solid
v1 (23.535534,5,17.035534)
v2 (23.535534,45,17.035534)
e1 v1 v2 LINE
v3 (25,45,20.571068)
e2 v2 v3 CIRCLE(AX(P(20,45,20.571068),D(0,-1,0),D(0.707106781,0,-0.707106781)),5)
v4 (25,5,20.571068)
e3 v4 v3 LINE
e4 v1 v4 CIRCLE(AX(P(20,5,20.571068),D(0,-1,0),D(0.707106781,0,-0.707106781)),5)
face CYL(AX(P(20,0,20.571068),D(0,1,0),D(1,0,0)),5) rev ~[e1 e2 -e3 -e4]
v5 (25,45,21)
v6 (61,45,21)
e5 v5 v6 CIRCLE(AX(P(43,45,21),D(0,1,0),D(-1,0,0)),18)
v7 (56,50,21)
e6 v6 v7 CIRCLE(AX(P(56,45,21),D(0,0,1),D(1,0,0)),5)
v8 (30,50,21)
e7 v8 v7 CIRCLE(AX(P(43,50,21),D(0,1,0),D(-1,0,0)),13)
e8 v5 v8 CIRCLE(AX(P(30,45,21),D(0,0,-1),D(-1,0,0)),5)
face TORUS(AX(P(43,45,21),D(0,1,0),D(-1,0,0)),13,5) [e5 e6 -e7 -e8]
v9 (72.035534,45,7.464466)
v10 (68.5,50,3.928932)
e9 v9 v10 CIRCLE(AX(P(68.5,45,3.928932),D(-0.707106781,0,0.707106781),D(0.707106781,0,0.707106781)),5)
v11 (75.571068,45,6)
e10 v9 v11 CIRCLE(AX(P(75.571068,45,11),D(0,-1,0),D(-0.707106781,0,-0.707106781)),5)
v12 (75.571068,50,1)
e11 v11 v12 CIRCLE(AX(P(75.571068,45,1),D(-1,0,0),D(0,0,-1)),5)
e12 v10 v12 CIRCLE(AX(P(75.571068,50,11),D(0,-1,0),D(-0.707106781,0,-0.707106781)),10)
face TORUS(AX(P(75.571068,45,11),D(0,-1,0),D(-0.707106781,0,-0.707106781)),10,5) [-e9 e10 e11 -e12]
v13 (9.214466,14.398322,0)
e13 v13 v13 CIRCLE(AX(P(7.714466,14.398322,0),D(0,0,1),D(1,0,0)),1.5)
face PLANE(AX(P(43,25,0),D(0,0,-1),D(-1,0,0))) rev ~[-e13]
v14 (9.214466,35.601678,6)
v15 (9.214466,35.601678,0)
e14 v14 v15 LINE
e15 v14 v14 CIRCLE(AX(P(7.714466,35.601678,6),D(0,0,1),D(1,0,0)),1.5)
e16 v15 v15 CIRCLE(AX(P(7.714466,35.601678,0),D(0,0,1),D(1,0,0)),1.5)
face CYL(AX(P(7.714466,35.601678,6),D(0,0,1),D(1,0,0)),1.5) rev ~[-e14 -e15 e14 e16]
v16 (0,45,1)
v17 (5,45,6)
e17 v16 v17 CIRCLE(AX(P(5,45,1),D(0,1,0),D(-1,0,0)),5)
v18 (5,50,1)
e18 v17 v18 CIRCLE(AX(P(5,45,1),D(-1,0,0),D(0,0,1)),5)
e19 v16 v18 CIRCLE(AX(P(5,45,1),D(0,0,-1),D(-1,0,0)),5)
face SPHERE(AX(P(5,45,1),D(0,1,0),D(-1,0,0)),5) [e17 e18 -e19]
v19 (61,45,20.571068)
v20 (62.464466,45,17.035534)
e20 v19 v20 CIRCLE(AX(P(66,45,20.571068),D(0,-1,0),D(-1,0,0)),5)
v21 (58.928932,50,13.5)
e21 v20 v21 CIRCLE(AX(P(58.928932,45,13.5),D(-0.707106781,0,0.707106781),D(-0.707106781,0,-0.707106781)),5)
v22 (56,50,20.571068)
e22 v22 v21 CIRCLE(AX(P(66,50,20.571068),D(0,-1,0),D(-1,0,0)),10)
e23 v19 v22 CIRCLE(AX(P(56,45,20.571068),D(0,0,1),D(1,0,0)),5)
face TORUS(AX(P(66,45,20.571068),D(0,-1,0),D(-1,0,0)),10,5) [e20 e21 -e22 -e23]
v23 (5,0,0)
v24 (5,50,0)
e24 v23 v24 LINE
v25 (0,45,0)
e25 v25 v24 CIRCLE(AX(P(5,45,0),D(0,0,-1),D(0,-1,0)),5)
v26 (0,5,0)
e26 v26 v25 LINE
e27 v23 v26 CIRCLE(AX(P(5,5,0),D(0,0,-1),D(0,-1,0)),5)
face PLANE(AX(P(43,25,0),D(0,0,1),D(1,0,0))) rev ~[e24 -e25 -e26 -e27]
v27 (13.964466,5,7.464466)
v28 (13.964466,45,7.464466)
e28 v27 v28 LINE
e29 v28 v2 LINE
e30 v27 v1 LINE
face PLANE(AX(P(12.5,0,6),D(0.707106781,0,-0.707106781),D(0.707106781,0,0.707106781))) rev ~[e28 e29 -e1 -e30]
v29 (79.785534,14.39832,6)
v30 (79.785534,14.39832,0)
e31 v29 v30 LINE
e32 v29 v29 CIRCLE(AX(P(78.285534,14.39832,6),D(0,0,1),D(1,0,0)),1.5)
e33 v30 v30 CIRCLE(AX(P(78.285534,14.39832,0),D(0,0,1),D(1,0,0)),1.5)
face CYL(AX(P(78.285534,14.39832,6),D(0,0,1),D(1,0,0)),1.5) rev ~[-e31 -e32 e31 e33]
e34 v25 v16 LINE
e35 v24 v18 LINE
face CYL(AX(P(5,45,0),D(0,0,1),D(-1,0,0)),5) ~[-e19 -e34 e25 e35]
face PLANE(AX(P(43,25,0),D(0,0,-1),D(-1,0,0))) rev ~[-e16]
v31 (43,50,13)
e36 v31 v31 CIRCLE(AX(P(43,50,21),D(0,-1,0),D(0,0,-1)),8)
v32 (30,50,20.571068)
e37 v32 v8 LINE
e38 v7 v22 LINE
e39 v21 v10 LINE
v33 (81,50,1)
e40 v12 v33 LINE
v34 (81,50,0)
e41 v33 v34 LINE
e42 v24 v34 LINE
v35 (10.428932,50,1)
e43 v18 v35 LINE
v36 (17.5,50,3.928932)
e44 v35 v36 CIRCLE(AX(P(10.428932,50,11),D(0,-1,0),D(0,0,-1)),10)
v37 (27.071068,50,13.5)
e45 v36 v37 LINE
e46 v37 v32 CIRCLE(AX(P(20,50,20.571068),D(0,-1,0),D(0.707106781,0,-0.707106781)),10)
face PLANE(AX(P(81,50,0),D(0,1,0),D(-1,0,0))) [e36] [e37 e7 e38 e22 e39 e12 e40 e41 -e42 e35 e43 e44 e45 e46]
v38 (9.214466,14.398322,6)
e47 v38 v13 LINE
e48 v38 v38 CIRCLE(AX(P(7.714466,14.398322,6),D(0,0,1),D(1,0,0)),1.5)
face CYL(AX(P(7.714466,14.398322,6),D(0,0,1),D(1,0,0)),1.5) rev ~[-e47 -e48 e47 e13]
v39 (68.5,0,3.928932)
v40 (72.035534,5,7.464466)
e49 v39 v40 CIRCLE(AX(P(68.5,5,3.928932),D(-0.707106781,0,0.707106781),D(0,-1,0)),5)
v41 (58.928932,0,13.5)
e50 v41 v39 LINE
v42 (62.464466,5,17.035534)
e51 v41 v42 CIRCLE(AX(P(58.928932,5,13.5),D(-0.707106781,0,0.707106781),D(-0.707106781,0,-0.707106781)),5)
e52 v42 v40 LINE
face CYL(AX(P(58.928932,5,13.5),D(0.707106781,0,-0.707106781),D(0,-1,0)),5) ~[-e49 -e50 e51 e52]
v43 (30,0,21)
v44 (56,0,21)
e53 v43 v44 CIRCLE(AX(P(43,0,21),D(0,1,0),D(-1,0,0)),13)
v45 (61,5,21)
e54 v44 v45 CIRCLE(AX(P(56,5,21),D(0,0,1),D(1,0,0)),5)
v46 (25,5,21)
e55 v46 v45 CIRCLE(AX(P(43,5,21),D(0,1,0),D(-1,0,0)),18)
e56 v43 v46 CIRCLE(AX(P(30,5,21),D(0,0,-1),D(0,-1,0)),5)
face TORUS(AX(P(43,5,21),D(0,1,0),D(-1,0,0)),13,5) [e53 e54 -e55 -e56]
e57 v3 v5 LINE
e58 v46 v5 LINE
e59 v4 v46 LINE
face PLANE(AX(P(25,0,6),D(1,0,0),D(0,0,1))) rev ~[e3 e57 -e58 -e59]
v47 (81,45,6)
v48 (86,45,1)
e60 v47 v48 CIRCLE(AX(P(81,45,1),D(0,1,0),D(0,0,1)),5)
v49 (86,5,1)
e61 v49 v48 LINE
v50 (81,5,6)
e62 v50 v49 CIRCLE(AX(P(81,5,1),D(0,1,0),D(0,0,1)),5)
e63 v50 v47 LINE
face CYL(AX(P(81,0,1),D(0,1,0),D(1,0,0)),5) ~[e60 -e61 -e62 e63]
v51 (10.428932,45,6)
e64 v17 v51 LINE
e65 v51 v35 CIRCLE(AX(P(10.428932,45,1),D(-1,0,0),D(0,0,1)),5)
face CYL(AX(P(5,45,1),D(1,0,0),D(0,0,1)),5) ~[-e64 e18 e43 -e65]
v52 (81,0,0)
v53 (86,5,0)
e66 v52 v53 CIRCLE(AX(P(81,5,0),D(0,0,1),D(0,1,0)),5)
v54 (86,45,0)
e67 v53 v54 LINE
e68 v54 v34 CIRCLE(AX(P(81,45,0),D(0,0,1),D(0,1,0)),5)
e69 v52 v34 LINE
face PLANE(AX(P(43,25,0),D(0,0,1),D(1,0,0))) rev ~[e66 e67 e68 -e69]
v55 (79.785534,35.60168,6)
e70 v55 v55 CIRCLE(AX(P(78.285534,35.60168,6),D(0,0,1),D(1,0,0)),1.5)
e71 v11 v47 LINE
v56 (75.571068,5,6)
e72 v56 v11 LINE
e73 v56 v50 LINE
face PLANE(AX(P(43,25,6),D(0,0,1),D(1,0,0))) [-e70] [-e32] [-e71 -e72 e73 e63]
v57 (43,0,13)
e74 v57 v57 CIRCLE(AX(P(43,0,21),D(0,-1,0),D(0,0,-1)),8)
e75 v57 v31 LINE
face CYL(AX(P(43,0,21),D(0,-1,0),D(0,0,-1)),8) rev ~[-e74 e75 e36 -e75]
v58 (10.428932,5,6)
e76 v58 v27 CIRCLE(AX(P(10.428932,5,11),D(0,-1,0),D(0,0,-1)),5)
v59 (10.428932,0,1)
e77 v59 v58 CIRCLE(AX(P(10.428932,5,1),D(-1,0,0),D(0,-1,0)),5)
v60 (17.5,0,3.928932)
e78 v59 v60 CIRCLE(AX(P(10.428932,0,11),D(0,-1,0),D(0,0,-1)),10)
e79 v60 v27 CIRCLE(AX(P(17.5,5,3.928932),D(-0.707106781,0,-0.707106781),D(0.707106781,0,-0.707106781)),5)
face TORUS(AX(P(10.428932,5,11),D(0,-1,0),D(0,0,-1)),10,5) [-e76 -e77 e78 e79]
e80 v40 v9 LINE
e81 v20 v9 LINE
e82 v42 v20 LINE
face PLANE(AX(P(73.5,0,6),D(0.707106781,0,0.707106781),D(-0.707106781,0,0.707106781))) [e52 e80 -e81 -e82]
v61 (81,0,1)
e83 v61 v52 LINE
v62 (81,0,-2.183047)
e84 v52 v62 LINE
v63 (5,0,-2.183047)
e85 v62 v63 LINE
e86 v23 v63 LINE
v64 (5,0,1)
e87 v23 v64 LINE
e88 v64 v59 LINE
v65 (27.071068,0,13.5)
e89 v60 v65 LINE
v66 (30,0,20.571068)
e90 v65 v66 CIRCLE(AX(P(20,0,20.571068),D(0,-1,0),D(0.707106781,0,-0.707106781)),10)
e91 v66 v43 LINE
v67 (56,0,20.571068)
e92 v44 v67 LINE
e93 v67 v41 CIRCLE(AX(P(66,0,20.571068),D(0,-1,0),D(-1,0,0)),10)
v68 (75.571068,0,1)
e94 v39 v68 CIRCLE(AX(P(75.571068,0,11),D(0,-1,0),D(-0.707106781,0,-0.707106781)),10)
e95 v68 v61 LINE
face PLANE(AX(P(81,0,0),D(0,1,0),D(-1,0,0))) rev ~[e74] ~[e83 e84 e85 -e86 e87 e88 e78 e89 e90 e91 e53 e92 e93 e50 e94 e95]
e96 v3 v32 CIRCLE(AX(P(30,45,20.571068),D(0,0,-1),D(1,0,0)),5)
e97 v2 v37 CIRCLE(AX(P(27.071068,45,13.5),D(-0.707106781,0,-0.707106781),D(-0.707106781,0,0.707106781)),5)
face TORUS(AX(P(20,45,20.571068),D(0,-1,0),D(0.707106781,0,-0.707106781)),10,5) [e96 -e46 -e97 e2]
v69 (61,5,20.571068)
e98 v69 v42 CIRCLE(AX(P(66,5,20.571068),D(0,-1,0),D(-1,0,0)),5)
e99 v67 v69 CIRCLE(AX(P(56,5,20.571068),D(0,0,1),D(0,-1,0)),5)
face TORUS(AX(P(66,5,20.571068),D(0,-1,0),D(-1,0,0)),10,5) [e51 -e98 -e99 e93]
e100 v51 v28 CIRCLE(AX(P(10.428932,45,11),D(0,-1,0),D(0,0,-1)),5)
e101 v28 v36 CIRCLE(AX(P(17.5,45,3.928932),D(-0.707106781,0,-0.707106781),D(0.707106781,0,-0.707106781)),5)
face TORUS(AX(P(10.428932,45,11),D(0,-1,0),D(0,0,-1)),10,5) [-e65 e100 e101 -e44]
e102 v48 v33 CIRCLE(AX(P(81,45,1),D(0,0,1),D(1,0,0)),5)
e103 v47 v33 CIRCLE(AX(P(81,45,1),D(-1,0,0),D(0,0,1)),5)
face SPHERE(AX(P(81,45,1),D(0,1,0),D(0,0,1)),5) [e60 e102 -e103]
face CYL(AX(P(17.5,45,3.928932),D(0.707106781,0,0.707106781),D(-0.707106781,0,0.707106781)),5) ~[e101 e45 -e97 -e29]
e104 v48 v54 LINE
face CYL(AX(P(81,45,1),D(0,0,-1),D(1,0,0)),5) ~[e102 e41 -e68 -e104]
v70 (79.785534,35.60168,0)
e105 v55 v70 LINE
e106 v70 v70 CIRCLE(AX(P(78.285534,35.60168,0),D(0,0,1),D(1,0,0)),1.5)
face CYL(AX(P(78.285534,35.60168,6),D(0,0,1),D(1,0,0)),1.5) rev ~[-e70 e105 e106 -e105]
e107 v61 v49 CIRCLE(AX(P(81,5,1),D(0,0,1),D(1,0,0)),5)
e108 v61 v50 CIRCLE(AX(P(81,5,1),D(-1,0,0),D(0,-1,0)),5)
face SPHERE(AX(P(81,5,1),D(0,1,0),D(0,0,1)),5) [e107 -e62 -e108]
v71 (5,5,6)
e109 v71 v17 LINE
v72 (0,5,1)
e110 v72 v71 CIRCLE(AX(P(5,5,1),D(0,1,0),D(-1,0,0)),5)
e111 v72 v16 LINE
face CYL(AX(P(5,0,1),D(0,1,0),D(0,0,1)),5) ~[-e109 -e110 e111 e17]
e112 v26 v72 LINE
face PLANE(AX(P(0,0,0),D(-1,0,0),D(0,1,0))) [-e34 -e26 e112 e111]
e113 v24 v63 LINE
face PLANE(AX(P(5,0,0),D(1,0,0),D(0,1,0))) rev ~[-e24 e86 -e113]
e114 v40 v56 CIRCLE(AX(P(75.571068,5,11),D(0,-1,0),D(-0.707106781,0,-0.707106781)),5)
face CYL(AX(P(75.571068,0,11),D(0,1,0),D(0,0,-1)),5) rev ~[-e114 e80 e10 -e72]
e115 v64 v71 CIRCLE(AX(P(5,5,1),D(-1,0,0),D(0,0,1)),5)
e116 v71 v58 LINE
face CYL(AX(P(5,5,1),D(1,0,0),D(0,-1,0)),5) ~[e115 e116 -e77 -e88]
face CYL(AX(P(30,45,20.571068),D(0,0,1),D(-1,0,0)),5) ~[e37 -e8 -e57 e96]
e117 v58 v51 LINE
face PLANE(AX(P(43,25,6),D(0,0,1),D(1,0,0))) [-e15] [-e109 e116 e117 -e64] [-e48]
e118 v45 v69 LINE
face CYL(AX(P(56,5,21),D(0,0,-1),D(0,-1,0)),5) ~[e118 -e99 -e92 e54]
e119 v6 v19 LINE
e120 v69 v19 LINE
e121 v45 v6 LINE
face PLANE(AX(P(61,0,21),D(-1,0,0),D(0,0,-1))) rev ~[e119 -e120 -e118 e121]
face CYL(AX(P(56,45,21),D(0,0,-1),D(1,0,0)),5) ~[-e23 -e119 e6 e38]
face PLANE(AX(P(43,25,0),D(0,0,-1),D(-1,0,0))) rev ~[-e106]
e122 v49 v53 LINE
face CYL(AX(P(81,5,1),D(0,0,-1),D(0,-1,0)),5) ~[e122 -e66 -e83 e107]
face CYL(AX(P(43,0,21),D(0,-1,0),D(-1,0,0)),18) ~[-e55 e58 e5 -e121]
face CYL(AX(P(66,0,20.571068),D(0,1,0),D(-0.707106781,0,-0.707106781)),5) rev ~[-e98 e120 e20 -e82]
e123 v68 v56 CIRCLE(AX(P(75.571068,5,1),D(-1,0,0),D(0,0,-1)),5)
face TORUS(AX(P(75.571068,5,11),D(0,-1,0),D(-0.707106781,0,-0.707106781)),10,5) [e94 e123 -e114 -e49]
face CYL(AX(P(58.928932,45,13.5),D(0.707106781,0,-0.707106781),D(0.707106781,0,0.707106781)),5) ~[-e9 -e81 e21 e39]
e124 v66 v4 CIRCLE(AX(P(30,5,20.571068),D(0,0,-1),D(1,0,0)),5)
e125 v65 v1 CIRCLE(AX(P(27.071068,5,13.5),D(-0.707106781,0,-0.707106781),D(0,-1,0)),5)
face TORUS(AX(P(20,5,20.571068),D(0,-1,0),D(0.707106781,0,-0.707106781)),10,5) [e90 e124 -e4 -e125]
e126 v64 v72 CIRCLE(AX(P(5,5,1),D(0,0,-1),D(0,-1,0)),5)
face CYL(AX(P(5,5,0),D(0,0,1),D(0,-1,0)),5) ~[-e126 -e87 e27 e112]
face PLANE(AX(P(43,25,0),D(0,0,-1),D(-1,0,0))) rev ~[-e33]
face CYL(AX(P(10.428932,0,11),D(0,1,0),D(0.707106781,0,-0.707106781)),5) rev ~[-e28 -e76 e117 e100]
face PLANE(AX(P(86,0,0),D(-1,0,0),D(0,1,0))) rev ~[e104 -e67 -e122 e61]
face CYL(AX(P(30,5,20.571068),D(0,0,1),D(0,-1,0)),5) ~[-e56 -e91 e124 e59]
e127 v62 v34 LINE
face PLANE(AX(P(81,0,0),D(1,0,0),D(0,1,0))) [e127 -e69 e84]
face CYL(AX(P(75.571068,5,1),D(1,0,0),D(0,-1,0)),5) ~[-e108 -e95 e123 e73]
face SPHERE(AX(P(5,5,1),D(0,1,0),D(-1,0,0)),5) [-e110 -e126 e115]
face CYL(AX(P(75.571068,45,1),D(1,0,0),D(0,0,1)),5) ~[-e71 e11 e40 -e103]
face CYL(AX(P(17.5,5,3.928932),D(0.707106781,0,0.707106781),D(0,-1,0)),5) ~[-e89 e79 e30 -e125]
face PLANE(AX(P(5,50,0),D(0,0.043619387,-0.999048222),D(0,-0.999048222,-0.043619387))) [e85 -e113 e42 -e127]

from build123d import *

# Parameters (mm, degrees)
SKETCH1_W           = 86
SKETCH1_H           = 50
BOSS_EXTRUDE2_DEPTH = 6
BOSS_EXTRUDE3_DEPTH = 50
SKETCH4_R           = 8
CUT_EXTRUDE1_DEPTH  = 121
BOSS_EXTRUDE5_DEPTH = 50
BOSS_EXTRUDE6_DEPTH = 50
FILLET1_R           = 5
FILLET2_R           = 5
FILLET3_R           = 5
FILLET4_R           = 5
FILLET5_R           = 5
SKETCH7_R           = 1.5
CUT_EXTRUDE2_DEPTH  = 50
SKETCH8_R           = 1.5
CUT_EXTRUDE4_DEPTH  = 50
SKETCH9_W           = 76
SKETCH9_H           = 50
BOSS_EXTRUDE7_DEPTH = 5
CUT_EXTRUDE5_DEPTH  = 121


with BuildPart() as part:
    # Sketch1 → Boss-Extrude2 (new body)
    with BuildSketch(Plane.XY):
        with Locations((43, 25)):
            Rectangle(SKETCH1_W, SKETCH1_H)
    extrude(amount=BOSS_EXTRUDE2_DEPTH)

    # Sketch2 → Boss-Extrude3 (add)
    with BuildSketch(Plane(origin=(0, 0, 0), x_dir=(-1, 0, 0), z_dir=(0, -1, 0))):
        with BuildLine():
            Line((-61, -21), (-61, -6))
            Line((-61, -6), (-25, -6))
            Line((-25, -6), (-25, -21))
            ThreePointArc((-25, -21), (-43, -39), (-61, -21))
        make_face()
    extrude(amount=-BOSS_EXTRUDE3_DEPTH)

    # Sketch4 → Cut-Extrude1 (cut)
    with BuildSketch(Plane(origin=(0, 0, 0), x_dir=(-1, 0, 0), z_dir=(0, -1, 0))):
        with Locations(Location((-43, -21, 0), (0, 0, 90))):
            Circle(SKETCH4_R)
    extrude(amount=-CUT_EXTRUDE1_DEPTH, mode=Mode.SUBTRACT)

    # Sketch5 → Boss-Extrude5 (add)
    with BuildSketch(Plane(origin=(0, 0, 0), x_dir=(-1, 0, 0), z_dir=(0, -1, 0))):
        Polygon((-61, -6), (-73.5, -6), (-61, -18.5), align=None)
    extrude(amount=-BOSS_EXTRUDE5_DEPTH)

    # Sketch6 → Boss-Extrude6 (add)
    with BuildSketch(Plane(origin=(0, 0, 0), x_dir=(-1, 0, 0), z_dir=(0, -1, 0))):
        Polygon((-25, -6), (-12.5, -6), (-25, -18.5), align=None)
    extrude(amount=-BOSS_EXTRUDE6_DEPTH)

    # Fillet1
    fillet1_edges = [part.edges().sort_by_distance(p)[0] for p in [
        (86, 25, 6),
    ]]
    fillet(fillet1_edges, radius=FILLET1_R)

    # Fillet2
    fillet2_edges = [part.edges().sort_by_distance(p)[0] for p in [
        (73.5, 25, 6),
    ]]
    fillet(fillet2_edges, radius=FILLET2_R)

    # Fillet3
    fillet3_edges = [part.edges().sort_by_distance(p)[0] for p in [
        (61, 25, 18.5),
    ]]
    fillet(fillet3_edges, radius=FILLET3_R)

    # Fillet4
    fillet4_edges = [part.edges().sort_by_distance(p)[0] for p in [
        (25, 25, 18.5),
        (0, 25, 6),
        (12.5, 25, 6),
    ]]
    fillet(fillet4_edges, radius=FILLET4_R)

    # Fillet5
    fillet5_edges = [part.edges().sort_by_distance(p)[0] for p in [
        (43, 0, 39),
        (61, 0, 20.785533906),
        (43, 50, 39),
        (61, 50, 20.785533906),
        (78.285533906, 50, 6),
        (86, 50, 0.5),
        (84.535533906, 50, 4.535533906),
        (86, 0, 0.5),
        (84.535533906, 0, 4.535533906),
        (78.285533906, 0, 6),
        (67.25, 0, 12.25),
        (67.25, 50, 12.25),
        (73.65765065, 0, 6.380602337),
        (73.65765065, 50, 6.380602337),
        (61.380602337, 0, 18.65765065),
        (61.380602337, 50, 18.65765065),
        (18.75, 0, 12.25),
        (18.75, 50, 12.25),
        (7.714466094, 50, 6),
        (7.714466094, 0, 6),
        (25, 50, 20.785533906),
        (25, 0, 20.785533906),
        (0, 0, 0.5),
        (1.464466094, 0, 4.535533906),
        (0, 50, 0.5),
        (1.464466094, 50, 4.535533906),
        (12.34234935, 0, 6.380602337),
        (12.34234935, 50, 6.380602337),
        (24.619397663, 0, 18.65765065),
        (24.619397663, 50, 18.65765065),
    ]]
    fillet(fillet5_edges, radius=FILLET5_R)

    # Sketch7 → Cut-Extrude2 (cut)
    with BuildSketch(Plane.XY.offset(6)):
        with Locations((7.714466094, 35.601677871)):
            Circle(SKETCH7_R)
        with Locations((7.714466094, 14.398322129)):
            Circle(SKETCH7_R)
    extrude(amount=-CUT_EXTRUDE2_DEPTH, mode=Mode.SUBTRACT)

    # Sketch8 → Cut-Extrude4 (cut)
    with BuildSketch(Plane.XY.offset(6)):
        with Locations((78.285533906, 35.60168)):
            Circle(SKETCH8_R)
        with Locations((78.285533906, 14.39832)):
            Circle(SKETCH8_R)
    extrude(amount=-CUT_EXTRUDE4_DEPTH, mode=Mode.SUBTRACT)

    # Sketch9 → Boss-Extrude7 (add)
    with BuildSketch(Plane(origin=(0, 0, 0), x_dir=(-1, 0, 0), z_dir=(0, 0, -1))):
        with Locations((-43, 25)):
            Rectangle(SKETCH9_W, SKETCH9_H)
    extrude(amount=BOSS_EXTRUDE7_DEPTH)

    # Sketch11 → Cut-Extrude5 (cut)
    with BuildSketch(Plane.ZY.offset(-5)):
        Polygon((0, 50), (-2.260657521, -1.777569844), (-5.022686567, -1.777569844), (-5, 50), align=None)
    extrude(amount=-CUT_EXTRUDE5_DEPTH, mode=Mode.SUBTRACT)


solid = part.part
